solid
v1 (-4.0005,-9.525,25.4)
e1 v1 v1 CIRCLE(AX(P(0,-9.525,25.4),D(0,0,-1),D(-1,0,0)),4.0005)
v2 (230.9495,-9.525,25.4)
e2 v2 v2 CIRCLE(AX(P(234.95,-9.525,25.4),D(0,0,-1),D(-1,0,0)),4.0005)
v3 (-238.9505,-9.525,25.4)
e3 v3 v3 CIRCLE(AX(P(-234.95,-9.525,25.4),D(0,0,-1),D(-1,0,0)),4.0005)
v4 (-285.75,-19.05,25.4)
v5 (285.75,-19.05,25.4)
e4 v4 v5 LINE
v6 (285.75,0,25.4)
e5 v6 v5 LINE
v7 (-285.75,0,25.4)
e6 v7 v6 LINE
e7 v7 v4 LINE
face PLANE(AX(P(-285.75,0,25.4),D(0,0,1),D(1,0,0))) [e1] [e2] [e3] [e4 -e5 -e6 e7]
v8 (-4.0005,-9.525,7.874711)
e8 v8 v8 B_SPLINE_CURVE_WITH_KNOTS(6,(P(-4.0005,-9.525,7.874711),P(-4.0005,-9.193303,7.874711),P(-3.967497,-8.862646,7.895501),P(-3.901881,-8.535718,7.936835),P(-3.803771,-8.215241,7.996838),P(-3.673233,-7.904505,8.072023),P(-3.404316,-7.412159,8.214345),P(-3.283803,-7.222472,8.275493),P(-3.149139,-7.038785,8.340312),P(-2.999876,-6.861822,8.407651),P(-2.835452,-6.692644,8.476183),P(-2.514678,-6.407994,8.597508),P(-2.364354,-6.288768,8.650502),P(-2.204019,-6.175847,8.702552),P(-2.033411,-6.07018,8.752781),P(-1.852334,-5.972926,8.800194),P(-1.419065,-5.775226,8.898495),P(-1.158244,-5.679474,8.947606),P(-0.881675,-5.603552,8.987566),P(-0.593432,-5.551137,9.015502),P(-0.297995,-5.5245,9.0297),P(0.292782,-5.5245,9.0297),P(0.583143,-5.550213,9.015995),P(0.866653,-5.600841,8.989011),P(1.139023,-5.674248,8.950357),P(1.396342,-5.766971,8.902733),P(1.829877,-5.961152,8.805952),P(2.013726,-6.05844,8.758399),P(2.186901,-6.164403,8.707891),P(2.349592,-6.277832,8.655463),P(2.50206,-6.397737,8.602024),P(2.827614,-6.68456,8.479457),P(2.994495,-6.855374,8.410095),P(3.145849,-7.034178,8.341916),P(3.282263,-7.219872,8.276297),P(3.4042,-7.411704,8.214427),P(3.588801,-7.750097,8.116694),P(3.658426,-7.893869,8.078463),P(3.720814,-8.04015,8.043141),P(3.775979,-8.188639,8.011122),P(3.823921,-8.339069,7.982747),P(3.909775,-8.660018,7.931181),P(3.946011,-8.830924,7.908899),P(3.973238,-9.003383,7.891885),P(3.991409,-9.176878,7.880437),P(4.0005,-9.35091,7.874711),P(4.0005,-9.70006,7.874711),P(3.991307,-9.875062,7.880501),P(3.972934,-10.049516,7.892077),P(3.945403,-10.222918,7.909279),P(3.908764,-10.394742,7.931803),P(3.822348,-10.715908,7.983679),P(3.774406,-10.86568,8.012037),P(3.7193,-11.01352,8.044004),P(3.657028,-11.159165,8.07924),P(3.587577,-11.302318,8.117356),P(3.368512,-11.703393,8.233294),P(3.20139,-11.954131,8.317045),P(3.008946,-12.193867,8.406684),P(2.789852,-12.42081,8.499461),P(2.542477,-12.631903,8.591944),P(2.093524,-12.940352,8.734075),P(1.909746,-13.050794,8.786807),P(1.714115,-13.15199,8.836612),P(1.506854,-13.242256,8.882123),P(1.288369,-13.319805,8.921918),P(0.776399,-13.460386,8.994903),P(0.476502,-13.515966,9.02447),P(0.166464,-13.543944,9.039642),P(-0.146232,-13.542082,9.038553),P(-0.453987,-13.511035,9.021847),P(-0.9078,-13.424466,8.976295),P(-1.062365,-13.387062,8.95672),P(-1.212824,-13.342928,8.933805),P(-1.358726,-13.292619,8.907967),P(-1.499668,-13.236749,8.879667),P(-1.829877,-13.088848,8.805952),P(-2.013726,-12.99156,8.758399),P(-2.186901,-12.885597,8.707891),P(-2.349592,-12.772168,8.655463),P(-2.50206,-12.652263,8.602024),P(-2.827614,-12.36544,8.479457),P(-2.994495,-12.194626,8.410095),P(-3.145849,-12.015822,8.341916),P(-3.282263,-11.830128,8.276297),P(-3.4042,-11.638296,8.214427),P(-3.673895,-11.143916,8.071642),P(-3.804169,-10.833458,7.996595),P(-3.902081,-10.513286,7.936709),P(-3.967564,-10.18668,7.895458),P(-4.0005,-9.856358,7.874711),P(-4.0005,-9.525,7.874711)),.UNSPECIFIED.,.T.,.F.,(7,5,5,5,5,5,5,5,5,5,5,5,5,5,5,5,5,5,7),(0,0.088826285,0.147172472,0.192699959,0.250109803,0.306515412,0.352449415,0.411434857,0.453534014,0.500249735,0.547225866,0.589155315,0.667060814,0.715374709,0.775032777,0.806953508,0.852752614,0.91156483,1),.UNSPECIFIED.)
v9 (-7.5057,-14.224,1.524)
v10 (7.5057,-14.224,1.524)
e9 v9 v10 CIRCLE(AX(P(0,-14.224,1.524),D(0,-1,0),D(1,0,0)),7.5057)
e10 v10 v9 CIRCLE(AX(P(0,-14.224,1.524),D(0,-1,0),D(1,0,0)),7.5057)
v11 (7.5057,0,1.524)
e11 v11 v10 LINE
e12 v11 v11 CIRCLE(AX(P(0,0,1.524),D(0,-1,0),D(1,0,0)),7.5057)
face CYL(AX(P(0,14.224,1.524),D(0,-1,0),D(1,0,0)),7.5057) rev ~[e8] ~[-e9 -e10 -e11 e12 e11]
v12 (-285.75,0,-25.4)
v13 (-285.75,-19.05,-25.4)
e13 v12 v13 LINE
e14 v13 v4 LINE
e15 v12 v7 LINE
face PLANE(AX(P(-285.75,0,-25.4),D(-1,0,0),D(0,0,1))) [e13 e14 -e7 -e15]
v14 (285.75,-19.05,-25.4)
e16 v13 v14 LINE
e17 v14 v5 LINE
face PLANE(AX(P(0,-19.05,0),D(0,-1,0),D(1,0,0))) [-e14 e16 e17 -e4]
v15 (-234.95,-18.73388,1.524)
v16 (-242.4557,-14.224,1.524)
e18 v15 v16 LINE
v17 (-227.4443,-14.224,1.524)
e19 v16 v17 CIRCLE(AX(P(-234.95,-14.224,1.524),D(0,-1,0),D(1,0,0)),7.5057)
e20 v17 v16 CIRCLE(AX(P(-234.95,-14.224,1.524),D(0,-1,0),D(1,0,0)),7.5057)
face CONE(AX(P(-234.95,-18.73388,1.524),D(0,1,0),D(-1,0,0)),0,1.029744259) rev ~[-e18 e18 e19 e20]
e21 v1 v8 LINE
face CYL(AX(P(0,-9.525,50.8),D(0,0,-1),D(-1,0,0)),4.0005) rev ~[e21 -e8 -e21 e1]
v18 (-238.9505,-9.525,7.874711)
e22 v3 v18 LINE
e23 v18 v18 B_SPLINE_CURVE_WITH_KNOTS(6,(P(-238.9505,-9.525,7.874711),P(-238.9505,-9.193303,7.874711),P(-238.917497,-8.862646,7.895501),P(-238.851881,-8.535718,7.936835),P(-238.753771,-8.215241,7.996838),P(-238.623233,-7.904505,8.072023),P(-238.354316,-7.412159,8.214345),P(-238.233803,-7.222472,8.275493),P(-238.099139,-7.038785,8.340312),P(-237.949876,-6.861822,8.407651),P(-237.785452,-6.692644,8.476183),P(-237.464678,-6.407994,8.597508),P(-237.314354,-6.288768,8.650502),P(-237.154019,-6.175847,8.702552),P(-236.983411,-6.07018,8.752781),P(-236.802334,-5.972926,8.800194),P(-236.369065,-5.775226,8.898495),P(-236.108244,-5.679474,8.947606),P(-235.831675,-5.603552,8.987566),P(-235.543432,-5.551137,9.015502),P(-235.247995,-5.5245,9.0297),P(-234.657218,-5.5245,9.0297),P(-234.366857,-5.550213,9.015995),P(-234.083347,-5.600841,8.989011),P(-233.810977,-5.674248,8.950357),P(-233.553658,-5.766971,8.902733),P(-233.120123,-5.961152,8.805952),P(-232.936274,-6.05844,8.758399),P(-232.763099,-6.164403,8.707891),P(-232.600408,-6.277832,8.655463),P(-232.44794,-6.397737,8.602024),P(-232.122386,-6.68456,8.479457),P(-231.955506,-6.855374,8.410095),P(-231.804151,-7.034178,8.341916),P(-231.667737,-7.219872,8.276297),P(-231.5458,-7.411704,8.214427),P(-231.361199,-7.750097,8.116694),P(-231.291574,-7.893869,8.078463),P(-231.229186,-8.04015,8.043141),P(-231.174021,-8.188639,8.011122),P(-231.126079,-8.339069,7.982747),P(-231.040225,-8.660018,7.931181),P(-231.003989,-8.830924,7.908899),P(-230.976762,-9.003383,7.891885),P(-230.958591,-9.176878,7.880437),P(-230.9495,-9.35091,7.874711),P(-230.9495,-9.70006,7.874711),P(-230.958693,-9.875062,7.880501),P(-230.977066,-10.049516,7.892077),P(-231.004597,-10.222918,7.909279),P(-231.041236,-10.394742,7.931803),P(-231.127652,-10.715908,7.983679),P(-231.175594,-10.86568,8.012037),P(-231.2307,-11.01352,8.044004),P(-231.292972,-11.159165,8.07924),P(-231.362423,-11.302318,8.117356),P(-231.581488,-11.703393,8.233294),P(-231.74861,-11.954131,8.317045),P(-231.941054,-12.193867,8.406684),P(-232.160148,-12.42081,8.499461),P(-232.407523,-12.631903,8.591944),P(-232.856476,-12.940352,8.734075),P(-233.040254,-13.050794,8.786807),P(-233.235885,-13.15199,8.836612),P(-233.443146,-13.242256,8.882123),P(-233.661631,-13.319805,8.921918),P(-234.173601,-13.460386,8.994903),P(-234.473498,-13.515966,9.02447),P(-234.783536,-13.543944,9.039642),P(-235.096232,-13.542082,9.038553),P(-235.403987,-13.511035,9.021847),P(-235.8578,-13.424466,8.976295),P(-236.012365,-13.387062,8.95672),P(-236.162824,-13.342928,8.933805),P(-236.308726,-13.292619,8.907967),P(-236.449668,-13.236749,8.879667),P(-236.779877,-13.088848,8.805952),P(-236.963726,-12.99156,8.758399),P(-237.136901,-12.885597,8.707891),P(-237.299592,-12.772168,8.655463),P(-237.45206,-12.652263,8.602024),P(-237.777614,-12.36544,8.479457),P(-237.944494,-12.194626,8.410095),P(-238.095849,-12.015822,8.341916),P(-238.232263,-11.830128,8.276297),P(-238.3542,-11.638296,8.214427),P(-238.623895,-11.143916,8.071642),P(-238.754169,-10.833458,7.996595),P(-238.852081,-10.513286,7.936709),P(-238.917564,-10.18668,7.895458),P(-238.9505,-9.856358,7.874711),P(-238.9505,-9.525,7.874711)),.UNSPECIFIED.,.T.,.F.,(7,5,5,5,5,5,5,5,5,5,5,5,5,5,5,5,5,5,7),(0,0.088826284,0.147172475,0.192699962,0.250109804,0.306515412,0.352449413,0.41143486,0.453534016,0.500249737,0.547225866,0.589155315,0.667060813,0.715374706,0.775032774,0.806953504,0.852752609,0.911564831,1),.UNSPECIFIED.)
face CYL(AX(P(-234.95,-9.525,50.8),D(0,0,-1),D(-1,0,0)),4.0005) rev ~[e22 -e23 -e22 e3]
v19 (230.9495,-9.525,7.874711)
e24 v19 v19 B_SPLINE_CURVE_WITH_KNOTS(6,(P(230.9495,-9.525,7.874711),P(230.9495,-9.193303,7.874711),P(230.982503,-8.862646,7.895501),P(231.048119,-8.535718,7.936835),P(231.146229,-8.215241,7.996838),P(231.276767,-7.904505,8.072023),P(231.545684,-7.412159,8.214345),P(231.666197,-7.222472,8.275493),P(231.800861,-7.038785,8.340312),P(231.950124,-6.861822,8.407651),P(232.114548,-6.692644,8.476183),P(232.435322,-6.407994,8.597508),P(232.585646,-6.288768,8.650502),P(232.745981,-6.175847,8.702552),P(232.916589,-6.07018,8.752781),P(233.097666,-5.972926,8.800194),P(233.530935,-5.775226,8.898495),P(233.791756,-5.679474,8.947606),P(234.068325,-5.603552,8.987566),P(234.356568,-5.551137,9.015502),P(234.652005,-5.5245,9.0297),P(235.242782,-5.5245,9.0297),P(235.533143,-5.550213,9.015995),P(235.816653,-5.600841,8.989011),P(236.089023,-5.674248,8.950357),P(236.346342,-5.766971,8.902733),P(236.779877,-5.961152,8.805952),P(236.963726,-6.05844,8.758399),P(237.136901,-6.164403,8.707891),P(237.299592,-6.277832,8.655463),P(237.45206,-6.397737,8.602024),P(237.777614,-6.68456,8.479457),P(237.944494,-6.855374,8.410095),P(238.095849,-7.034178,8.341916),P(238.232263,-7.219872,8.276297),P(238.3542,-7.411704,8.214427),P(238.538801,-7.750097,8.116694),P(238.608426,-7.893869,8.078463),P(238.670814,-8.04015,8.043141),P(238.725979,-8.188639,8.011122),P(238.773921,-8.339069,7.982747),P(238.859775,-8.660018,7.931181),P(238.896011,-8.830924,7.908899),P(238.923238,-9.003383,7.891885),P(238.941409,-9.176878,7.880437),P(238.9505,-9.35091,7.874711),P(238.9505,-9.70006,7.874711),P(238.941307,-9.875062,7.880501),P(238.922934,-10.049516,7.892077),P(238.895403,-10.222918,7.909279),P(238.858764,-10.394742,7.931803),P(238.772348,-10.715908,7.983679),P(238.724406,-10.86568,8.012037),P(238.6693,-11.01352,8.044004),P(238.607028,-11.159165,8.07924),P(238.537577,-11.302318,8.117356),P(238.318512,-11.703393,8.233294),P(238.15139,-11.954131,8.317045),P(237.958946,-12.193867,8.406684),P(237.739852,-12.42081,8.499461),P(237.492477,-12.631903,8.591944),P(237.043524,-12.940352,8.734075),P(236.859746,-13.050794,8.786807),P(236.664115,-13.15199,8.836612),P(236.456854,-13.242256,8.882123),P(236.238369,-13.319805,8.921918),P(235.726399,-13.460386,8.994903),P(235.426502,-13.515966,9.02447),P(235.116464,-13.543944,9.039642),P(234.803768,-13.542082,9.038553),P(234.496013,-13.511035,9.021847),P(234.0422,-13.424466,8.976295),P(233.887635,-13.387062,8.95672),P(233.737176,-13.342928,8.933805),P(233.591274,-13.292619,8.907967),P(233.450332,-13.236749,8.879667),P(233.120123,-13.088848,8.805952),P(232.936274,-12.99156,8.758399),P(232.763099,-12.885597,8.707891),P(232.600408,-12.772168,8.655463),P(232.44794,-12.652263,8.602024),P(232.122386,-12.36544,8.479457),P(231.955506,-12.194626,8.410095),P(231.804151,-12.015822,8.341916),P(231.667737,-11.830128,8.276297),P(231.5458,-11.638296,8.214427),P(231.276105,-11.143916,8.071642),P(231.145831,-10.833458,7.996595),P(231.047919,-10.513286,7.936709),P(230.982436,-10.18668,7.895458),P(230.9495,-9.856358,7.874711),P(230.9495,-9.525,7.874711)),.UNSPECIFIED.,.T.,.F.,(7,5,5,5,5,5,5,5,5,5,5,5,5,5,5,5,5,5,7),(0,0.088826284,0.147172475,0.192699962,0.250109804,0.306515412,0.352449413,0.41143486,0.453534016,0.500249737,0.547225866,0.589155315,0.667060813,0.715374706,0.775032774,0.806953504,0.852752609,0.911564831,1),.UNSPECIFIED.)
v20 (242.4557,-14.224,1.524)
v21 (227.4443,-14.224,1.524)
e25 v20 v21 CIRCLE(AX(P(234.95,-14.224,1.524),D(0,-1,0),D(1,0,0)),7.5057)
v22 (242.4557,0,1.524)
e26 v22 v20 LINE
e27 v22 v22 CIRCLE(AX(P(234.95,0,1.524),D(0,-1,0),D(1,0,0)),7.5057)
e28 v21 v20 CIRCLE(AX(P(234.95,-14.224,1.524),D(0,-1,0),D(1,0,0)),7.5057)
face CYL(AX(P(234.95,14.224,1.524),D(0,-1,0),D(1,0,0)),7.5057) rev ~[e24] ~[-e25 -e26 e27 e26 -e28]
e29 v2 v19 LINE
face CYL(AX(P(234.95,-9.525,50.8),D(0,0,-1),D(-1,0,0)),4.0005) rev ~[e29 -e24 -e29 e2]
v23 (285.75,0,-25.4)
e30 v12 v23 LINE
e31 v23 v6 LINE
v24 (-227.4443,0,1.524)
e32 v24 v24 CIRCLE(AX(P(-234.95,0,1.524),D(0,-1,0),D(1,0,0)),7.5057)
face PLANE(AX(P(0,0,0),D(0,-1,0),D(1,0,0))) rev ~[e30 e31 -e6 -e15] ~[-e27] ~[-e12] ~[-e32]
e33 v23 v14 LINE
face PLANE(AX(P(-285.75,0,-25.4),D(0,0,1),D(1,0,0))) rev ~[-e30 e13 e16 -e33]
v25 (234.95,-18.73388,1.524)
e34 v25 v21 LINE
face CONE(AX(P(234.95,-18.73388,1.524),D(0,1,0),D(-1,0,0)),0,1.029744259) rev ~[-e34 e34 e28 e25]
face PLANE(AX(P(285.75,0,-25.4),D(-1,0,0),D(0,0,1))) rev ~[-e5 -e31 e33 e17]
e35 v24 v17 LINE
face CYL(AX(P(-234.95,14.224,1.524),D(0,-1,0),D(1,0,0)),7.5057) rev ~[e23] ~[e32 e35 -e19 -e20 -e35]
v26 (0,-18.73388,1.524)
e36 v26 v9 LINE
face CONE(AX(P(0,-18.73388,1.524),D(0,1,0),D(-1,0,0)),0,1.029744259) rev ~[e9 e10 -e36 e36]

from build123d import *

# Parameters (mm, degrees)
F0_W     = 571.5
F0_H     = 50.8
F1_DEPTH = 19.05
F3_D     = 15.0114
F3_DEPTH = 14.224
F3_TIP   = 4.5098795482
F5_D     = 8.001
F5_DEPTH = 25.4
F5_TIP   = 2.4037429064


with BuildPart() as f1:
    # F0 (on Front) → F1 (new body)
    with BuildSketch(Plane.XZ):
        Rectangle(F0_W, F0_H)
    extrude(amount=F1_DEPTH)

    # F3
    with Locations(Plane(origin=(0, 0, 0), x_dir=(-1, 0, 0), z_dir=(0, 1, 0))):
        with Locations((234.95, 1.524), (0, 1.524), (-234.95, 1.524)):
            Hole(F3_D / 2, depth=F3_DEPTH)
            with Locations((0, 0, -(F3_DEPTH + F3_TIP / 2))):  # 118° drill point
                Cone(0, F3_D / 2, F3_TIP, mode=Mode.SUBTRACT)

    # F5
    with Locations(Plane.XY.offset(25.4)):
        with Locations((-234.95, -9.525), (0, -9.525), (234.95, -9.525)):
            Hole(F5_D / 2, depth=F5_DEPTH)
            with Locations((0, 0, -(F5_DEPTH + F5_TIP / 2))):  # 118° drill point
                Cone(0, F5_D / 2, F5_TIP, mode=Mode.SUBTRACT)


solid = f1.part
